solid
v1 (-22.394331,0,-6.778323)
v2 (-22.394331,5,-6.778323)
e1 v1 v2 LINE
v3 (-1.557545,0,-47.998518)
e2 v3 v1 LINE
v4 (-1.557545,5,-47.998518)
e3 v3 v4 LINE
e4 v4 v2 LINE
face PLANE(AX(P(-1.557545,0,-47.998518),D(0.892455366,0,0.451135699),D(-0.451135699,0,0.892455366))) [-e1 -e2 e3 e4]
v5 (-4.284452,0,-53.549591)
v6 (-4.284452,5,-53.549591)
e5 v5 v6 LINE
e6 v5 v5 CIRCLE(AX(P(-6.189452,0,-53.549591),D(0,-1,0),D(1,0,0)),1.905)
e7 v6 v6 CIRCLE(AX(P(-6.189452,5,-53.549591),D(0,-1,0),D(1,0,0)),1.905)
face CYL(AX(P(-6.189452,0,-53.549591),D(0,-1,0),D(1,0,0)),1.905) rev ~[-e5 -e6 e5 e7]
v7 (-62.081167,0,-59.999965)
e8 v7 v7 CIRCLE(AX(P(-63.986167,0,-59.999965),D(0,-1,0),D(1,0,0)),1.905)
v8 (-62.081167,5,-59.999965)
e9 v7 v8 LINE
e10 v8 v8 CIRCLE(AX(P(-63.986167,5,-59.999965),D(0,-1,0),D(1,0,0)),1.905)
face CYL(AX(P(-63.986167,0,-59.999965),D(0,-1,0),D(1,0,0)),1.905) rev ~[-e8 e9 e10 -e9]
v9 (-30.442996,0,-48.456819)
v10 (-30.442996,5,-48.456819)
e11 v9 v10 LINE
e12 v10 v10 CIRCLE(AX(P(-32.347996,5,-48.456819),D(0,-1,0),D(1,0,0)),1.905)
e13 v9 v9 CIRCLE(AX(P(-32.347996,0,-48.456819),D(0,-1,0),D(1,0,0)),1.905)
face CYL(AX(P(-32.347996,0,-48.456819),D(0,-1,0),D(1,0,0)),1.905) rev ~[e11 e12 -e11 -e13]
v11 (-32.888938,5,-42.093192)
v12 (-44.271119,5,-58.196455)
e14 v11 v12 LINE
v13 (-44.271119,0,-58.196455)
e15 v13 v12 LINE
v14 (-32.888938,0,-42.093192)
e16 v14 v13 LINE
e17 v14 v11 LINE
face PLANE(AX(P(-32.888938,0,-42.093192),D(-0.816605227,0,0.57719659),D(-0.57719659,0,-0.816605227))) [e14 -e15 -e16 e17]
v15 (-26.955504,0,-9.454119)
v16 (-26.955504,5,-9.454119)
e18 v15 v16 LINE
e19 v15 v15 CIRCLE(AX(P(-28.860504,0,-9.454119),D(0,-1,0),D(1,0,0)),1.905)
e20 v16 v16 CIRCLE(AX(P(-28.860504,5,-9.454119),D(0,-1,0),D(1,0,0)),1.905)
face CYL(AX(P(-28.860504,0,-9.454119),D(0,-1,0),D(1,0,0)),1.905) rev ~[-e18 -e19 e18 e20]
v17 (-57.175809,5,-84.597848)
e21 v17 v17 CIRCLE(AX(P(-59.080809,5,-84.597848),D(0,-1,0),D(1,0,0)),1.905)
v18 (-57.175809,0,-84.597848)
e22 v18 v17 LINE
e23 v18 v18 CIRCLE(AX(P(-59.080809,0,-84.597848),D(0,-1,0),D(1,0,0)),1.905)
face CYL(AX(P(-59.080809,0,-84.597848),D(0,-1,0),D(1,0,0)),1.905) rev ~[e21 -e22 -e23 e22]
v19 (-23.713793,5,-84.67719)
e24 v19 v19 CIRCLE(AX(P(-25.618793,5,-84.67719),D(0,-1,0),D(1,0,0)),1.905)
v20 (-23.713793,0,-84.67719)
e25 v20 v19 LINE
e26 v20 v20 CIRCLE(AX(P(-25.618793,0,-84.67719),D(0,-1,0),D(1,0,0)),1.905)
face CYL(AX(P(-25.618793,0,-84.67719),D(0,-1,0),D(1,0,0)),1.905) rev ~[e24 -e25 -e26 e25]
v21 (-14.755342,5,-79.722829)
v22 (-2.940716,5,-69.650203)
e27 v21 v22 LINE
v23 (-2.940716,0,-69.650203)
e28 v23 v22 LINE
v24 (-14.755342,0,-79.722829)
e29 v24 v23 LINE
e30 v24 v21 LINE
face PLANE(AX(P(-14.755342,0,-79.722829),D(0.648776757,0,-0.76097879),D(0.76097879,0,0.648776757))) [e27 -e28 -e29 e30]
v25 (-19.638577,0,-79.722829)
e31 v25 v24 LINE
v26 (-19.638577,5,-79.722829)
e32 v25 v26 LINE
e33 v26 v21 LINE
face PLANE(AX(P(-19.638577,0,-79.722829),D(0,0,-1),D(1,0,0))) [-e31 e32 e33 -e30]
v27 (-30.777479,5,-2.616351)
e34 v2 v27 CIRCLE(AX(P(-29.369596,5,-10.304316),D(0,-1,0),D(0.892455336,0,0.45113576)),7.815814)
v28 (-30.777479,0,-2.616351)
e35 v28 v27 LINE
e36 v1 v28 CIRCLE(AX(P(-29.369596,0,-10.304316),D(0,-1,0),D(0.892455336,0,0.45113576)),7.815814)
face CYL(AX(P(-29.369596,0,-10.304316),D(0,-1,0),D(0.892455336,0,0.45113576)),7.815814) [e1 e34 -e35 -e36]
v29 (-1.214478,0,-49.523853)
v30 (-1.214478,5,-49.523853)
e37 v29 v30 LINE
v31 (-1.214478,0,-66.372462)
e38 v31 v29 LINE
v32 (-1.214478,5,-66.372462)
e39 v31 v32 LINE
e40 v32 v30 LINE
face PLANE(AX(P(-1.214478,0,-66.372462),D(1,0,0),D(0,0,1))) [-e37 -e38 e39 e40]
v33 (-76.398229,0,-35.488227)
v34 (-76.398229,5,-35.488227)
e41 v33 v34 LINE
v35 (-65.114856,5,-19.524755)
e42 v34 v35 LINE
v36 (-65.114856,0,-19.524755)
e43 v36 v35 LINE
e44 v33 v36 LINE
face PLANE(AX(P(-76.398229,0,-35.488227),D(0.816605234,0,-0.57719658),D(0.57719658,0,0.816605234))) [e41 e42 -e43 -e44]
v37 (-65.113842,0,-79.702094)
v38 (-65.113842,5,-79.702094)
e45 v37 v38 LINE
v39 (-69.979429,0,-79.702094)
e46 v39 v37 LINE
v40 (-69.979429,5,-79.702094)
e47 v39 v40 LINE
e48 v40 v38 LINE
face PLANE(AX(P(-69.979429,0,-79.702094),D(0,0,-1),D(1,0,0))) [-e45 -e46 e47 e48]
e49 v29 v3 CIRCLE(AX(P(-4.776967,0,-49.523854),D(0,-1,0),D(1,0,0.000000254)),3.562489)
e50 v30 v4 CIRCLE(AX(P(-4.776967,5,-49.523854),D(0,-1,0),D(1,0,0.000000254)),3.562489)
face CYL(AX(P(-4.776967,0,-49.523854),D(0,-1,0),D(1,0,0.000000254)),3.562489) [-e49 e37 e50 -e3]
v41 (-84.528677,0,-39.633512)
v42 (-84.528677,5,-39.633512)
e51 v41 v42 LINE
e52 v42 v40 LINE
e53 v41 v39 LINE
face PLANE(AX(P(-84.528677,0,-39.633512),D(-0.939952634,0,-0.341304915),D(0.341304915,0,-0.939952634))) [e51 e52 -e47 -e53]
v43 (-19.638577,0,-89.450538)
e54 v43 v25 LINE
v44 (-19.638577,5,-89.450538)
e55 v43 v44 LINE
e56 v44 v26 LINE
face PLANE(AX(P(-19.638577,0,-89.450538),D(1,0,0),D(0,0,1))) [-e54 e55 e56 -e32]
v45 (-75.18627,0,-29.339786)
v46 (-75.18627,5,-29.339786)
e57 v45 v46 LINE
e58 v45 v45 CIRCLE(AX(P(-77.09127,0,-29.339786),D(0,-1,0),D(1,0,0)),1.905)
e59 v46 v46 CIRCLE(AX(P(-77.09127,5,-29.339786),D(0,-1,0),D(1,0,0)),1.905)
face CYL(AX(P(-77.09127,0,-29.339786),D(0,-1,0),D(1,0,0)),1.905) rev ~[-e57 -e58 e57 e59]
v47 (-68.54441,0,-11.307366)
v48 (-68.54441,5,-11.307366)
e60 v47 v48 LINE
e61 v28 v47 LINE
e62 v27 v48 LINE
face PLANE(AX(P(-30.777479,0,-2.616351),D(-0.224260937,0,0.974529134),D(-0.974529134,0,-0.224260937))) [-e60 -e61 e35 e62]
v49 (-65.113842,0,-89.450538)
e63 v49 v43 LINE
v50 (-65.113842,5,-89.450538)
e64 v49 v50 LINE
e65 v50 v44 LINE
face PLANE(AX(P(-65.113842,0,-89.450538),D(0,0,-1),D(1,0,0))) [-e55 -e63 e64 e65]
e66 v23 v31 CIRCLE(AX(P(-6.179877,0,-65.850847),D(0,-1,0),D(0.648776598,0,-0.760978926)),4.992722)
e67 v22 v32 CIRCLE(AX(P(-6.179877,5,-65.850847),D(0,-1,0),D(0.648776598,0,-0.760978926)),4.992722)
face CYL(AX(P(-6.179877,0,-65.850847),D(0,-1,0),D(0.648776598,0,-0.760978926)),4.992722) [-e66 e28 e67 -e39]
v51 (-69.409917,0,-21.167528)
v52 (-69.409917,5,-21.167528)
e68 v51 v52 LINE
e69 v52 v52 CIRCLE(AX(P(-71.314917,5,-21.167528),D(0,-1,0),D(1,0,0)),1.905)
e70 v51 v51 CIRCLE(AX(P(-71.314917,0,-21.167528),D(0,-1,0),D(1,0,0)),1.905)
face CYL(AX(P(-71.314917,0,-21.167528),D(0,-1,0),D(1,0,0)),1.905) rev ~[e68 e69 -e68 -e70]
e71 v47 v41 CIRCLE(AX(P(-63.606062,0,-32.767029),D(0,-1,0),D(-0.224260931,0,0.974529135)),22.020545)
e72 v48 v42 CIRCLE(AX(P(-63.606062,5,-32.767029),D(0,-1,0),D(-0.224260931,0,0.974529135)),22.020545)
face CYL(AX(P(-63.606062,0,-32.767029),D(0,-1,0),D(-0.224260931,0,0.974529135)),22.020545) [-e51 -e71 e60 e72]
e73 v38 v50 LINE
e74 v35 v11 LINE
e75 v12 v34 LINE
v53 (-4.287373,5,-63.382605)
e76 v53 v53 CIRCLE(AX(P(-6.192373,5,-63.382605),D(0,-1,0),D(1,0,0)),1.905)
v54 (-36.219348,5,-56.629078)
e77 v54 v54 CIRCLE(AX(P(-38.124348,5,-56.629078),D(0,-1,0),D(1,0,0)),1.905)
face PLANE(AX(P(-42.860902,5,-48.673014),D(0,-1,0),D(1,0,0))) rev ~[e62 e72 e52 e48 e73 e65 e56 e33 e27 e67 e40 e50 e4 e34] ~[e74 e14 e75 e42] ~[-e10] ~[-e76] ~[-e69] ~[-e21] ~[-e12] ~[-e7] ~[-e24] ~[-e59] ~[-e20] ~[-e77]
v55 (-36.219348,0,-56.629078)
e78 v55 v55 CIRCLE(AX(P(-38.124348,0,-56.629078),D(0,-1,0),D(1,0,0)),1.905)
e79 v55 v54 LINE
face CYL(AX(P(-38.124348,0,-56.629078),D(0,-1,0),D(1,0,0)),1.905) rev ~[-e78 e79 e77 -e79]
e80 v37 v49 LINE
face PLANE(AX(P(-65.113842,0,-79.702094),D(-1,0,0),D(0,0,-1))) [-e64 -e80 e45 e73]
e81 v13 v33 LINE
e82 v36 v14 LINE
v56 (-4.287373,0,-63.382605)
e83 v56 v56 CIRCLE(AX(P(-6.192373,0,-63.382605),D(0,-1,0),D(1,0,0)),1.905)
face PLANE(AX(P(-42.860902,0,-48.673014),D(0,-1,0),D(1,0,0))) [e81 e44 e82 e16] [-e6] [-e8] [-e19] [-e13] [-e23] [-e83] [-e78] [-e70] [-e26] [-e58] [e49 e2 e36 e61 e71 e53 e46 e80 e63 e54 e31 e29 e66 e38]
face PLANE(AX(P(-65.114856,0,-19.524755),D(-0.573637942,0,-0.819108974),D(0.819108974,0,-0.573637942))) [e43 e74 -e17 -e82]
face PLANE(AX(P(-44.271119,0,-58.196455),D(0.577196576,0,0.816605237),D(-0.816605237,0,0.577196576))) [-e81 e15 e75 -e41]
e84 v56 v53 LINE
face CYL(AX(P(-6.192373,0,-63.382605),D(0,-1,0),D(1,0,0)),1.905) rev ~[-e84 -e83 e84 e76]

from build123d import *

# Parameters (mm, degrees)
F0_R     = 1.905
F1_DEPTH = 5


with BuildPart() as f1:
    # F0 (on Front) → F1 (new body)
    with BuildSketch(Plane.XZ):
        with BuildLine():
            Line((-19.638577, -89.450538), (-19.638577, -79.722829))
            Line((-19.638577, -79.722829), (-14.755342, -79.722829))
            Line((-14.755342, -79.722829), (-2.940716, -69.650203))
            ThreePointArc((-2.940716, -69.650203), (-1.762344, -68.177362), (-1.214478, -66.372462))
            Line((-1.214478, -66.372462), (-1.214478, -49.523853))
            ThreePointArc((-1.214478, -49.523853), (-1.301303, -48.742133), (-1.557545, -47.998518))
            Line((-1.557545, -47.998518), (-22.394331, -6.778323))
            ThreePointArc((-22.394331, -6.778323), (-25.894047, -3.30378), (-30.777479, -2.616351))
            Line((-30.777479, -2.616351), (-68.54441, -11.307366))
            ThreePointArc((-68.54441, -11.307366), (-82.783914, -21.945088), (-84.528677, -39.633512))
            Line((-84.528677, -39.633512), (-69.979429, -79.702094))
            Line((-69.979429, -79.702094), (-65.113842, -79.702094))
            Line((-65.113842, -79.702094), (-65.113842, -89.450538))
            Line((-65.113842, -89.450538), (-19.638577, -89.450538))
        make_face()
        with Locations((-59.080809, -84.597848)):
            Circle(F0_R, mode=Mode.SUBTRACT)
        with Locations((-63.986167, -59.999965)):
            Circle(F0_R, mode=Mode.SUBTRACT)
        with Locations((-25.618793, -84.67719)):
            Circle(F0_R, mode=Mode.SUBTRACT)
        with Locations((-38.124348, -56.629078)):
            Circle(F0_R, mode=Mode.SUBTRACT)
        with Locations((-32.347996, -48.456819)):
            Circle(F0_R, mode=Mode.SUBTRACT)
        with Locations((-6.192373, -63.382605)):
            Circle(F0_R, mode=Mode.SUBTRACT)
        with Locations((-6.189452, -53.549591)):
            Circle(F0_R, mode=Mode.SUBTRACT)
        with Locations((-77.09127, -29.339786)):
            Circle(F0_R, mode=Mode.SUBTRACT)
        Polygon((-44.271119, -58.196455), (-76.398229, -35.488227), (-65.114856, -19.524755), (-32.888938, -42.093192), align=None, mode=Mode.SUBTRACT)
        with Locations((-71.314917, -21.167528)):
            Circle(F0_R, mode=Mode.SUBTRACT)
        with Locations((-28.860504, -9.454119)):
            Circle(F0_R, mode=Mode.SUBTRACT)
    extrude(amount=-F1_DEPTH)


solid = f1.part
